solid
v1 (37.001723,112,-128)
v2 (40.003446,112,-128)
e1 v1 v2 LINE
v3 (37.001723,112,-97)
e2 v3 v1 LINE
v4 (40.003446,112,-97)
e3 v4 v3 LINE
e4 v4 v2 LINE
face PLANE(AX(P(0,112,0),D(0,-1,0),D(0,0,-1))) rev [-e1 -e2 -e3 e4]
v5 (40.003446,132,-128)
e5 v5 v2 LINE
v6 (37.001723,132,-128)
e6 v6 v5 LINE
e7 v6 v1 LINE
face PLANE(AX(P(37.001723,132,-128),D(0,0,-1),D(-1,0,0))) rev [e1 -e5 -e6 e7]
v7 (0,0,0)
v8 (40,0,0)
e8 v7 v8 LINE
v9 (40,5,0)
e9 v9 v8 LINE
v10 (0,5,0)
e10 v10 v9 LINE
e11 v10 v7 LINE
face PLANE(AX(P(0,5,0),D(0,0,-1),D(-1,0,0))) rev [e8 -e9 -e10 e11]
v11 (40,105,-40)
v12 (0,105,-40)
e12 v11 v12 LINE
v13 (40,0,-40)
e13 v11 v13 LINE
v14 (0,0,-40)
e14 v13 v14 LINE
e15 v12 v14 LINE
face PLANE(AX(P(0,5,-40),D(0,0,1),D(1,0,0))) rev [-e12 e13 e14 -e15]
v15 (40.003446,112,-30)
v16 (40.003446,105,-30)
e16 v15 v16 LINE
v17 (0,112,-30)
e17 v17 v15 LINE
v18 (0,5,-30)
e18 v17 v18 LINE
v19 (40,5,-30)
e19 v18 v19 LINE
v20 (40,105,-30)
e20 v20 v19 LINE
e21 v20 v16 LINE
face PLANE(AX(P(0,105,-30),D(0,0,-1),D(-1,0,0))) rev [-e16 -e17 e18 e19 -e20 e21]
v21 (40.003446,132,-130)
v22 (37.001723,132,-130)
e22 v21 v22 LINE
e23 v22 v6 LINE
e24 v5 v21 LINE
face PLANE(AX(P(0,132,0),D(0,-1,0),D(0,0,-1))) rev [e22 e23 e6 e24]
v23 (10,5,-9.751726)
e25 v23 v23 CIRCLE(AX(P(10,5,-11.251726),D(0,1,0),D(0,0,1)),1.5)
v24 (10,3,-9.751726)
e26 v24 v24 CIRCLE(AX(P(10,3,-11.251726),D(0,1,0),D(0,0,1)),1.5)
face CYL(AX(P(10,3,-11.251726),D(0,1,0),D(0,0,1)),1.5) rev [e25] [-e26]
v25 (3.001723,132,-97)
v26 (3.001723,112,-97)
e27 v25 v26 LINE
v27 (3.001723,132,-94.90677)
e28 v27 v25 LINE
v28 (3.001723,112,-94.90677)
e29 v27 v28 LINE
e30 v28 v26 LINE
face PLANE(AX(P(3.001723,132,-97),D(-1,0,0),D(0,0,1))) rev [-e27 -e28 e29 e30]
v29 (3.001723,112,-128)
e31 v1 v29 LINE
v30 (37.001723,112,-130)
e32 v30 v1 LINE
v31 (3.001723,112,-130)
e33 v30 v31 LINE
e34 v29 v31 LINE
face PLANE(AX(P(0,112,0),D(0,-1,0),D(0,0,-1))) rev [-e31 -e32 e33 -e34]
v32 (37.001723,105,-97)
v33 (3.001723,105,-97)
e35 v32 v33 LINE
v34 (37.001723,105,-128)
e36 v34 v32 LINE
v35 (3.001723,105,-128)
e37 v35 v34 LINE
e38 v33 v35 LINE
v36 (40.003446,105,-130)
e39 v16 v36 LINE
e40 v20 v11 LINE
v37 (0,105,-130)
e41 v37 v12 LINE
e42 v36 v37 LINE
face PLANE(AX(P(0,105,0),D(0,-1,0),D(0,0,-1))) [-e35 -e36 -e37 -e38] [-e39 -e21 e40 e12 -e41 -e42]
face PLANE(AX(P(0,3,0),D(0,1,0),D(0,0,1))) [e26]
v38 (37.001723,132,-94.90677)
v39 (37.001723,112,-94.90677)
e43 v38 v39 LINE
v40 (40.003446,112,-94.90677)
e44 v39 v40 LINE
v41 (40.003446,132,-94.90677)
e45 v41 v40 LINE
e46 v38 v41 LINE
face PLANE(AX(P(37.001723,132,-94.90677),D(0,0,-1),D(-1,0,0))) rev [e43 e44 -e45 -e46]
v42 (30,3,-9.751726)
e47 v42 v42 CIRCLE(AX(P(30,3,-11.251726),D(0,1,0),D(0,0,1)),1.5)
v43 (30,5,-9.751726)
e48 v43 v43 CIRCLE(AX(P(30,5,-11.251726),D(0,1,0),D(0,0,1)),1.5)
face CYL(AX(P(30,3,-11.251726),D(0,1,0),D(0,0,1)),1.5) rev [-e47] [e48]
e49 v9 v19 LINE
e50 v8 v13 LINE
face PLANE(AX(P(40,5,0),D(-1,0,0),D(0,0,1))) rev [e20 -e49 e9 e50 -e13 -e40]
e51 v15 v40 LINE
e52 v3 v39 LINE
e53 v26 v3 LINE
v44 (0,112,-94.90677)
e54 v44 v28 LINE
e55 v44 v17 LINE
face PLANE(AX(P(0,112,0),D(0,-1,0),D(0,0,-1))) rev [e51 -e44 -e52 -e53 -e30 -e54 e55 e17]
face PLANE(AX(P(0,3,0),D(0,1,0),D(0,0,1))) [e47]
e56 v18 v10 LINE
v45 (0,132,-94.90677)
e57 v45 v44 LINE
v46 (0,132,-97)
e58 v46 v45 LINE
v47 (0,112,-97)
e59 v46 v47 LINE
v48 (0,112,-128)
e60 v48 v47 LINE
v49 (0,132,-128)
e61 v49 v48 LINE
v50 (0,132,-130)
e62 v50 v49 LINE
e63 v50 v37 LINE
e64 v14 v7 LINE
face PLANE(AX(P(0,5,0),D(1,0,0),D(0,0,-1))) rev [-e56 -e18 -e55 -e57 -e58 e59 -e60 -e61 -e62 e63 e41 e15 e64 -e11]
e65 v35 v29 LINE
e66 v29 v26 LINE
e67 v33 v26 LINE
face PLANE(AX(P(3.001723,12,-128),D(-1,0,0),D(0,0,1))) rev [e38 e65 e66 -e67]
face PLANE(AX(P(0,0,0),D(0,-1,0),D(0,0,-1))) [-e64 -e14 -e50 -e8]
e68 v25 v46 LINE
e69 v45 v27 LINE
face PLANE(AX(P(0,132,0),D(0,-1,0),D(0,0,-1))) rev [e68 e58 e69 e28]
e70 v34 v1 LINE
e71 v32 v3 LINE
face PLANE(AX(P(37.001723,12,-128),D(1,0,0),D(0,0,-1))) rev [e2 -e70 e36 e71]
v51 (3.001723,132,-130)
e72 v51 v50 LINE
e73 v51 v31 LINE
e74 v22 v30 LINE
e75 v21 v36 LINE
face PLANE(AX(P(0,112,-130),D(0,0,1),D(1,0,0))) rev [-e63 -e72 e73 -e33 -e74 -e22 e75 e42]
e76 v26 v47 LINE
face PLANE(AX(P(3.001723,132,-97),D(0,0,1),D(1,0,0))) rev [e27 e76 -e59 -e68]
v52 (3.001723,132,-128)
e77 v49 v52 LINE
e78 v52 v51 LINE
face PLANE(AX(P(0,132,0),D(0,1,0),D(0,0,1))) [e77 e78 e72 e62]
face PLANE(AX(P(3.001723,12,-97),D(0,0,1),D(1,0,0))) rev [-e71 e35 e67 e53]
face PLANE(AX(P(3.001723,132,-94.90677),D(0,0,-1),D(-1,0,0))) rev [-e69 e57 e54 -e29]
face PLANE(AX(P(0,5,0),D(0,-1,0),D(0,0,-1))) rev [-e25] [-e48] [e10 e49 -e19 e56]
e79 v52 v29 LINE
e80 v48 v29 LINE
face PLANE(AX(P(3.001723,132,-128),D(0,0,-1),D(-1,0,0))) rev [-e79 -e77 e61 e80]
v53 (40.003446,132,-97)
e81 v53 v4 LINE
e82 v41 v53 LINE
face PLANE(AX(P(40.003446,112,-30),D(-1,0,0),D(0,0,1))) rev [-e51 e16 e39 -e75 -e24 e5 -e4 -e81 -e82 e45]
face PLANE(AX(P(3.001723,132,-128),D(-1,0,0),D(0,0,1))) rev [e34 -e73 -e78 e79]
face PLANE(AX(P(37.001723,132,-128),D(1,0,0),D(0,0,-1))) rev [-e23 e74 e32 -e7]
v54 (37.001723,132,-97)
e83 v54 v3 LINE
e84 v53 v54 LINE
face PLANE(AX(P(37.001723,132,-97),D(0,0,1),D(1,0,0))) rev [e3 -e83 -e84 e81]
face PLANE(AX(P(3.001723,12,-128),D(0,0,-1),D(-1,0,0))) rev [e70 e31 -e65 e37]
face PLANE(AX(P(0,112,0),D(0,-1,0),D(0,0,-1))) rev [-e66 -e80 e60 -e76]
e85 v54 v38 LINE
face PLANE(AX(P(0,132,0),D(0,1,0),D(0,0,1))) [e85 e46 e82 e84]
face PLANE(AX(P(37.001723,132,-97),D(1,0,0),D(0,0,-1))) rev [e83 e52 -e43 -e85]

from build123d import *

# Parameters (mm, degrees)
SKETCH1_W           = 40
SKETCH1_H           = 40
BOSS_EXTRUDE1_DEPTH = 5
SKETCH2_R           = 1.5
CUT_EXTRUDE1_DEPTH  = 2
SKETCH5_W           = 40
SKETCH5_H           = 10
BOSS_EXTRUDE2_DEPTH = 100
SKETCH6_W           = 40.003445824
SKETCH6_H           = 100
BOSS_EXTRUDE3_DEPTH = 7
SKETCH7_W           = 34
SKETCH7_H           = 31
CUT_EXTRUDE2_DEPTH  = 100
SKETCH8_W           = 3.001722912
SKETCH8_H           = 2
SKETCH8_H_2         = 2.093229538
BOSS_EXTRUDE4_DEPTH = 20


with BuildPart() as part:
    # Sketch1 → Boss-Extrude1 (new body)
    with BuildSketch(Plane(origin=(0, 0, 0), x_dir=(1, 0, 0), z_dir=(0, 1, 0))):
        with Locations((20, 20)):
            Rectangle(SKETCH1_W, SKETCH1_H)
    extrude(amount=BOSS_EXTRUDE1_DEPTH)

    # Sketch2 → Cut-Extrude1 (cut)
    with BuildSketch(Plane(origin=(0, 5, 0), x_dir=(1, 0, 0), z_dir=(0, 1, 0))):
        with Locations((10, 11.251726065)):
            Circle(SKETCH2_R)
        with Locations((30, 11.251726065)):
            Circle(SKETCH2_R)
    extrude(amount=-CUT_EXTRUDE1_DEPTH, mode=Mode.SUBTRACT)

    # Sketch5 → Boss-Extrude2 (add)
    with BuildSketch(Plane(origin=(0, 5, 0), x_dir=(1, 0, 0), z_dir=(0, 1, 0))):
        with Locations((20, 35)):
            Rectangle(SKETCH5_W, SKETCH5_H)
    extrude(amount=BOSS_EXTRUDE2_DEPTH)

    # Sketch6 → Boss-Extrude3 (add)
    with BuildSketch(Plane(origin=(0, 105, 0), x_dir=(1, 0, 0), z_dir=(0, 1, 0))):
        with Locations((20.001722912, 80)):
            Rectangle(SKETCH6_W, SKETCH6_H)
    extrude(amount=BOSS_EXTRUDE3_DEPTH)

    # Sketch7 → Cut-Extrude2 (cut)
    with BuildSketch(Plane(origin=(0, 112, 0), x_dir=(1, 0, 0), z_dir=(0, 1, 0))):
        with Locations((20.001722912, 112.5)):
            Rectangle(SKETCH7_W, SKETCH7_H)
    extrude(amount=-CUT_EXTRUDE2_DEPTH, mode=Mode.SUBTRACT)

    # Sketch8 → Boss-Extrude4 (add)
    with BuildSketch(Plane(origin=(0, 112, 0), x_dir=(1, 0, 0), z_dir=(0, 1, 0))):
        with Locations((38.502584368, 129)):
            Rectangle(SKETCH8_W, SKETCH8_H)
        with Locations((1.500861456, 129)):
            Rectangle(SKETCH8_W, SKETCH8_H)
        with Locations((1.500861456, 95.953385231)):
            Rectangle(SKETCH8_W, SKETCH8_H_2)
        with Locations((38.502584368, 95.953385231)):
            Rectangle(SKETCH8_W, SKETCH8_H_2)
    extrude(amount=BOSS_EXTRUDE4_DEPTH)


solid = part.part
